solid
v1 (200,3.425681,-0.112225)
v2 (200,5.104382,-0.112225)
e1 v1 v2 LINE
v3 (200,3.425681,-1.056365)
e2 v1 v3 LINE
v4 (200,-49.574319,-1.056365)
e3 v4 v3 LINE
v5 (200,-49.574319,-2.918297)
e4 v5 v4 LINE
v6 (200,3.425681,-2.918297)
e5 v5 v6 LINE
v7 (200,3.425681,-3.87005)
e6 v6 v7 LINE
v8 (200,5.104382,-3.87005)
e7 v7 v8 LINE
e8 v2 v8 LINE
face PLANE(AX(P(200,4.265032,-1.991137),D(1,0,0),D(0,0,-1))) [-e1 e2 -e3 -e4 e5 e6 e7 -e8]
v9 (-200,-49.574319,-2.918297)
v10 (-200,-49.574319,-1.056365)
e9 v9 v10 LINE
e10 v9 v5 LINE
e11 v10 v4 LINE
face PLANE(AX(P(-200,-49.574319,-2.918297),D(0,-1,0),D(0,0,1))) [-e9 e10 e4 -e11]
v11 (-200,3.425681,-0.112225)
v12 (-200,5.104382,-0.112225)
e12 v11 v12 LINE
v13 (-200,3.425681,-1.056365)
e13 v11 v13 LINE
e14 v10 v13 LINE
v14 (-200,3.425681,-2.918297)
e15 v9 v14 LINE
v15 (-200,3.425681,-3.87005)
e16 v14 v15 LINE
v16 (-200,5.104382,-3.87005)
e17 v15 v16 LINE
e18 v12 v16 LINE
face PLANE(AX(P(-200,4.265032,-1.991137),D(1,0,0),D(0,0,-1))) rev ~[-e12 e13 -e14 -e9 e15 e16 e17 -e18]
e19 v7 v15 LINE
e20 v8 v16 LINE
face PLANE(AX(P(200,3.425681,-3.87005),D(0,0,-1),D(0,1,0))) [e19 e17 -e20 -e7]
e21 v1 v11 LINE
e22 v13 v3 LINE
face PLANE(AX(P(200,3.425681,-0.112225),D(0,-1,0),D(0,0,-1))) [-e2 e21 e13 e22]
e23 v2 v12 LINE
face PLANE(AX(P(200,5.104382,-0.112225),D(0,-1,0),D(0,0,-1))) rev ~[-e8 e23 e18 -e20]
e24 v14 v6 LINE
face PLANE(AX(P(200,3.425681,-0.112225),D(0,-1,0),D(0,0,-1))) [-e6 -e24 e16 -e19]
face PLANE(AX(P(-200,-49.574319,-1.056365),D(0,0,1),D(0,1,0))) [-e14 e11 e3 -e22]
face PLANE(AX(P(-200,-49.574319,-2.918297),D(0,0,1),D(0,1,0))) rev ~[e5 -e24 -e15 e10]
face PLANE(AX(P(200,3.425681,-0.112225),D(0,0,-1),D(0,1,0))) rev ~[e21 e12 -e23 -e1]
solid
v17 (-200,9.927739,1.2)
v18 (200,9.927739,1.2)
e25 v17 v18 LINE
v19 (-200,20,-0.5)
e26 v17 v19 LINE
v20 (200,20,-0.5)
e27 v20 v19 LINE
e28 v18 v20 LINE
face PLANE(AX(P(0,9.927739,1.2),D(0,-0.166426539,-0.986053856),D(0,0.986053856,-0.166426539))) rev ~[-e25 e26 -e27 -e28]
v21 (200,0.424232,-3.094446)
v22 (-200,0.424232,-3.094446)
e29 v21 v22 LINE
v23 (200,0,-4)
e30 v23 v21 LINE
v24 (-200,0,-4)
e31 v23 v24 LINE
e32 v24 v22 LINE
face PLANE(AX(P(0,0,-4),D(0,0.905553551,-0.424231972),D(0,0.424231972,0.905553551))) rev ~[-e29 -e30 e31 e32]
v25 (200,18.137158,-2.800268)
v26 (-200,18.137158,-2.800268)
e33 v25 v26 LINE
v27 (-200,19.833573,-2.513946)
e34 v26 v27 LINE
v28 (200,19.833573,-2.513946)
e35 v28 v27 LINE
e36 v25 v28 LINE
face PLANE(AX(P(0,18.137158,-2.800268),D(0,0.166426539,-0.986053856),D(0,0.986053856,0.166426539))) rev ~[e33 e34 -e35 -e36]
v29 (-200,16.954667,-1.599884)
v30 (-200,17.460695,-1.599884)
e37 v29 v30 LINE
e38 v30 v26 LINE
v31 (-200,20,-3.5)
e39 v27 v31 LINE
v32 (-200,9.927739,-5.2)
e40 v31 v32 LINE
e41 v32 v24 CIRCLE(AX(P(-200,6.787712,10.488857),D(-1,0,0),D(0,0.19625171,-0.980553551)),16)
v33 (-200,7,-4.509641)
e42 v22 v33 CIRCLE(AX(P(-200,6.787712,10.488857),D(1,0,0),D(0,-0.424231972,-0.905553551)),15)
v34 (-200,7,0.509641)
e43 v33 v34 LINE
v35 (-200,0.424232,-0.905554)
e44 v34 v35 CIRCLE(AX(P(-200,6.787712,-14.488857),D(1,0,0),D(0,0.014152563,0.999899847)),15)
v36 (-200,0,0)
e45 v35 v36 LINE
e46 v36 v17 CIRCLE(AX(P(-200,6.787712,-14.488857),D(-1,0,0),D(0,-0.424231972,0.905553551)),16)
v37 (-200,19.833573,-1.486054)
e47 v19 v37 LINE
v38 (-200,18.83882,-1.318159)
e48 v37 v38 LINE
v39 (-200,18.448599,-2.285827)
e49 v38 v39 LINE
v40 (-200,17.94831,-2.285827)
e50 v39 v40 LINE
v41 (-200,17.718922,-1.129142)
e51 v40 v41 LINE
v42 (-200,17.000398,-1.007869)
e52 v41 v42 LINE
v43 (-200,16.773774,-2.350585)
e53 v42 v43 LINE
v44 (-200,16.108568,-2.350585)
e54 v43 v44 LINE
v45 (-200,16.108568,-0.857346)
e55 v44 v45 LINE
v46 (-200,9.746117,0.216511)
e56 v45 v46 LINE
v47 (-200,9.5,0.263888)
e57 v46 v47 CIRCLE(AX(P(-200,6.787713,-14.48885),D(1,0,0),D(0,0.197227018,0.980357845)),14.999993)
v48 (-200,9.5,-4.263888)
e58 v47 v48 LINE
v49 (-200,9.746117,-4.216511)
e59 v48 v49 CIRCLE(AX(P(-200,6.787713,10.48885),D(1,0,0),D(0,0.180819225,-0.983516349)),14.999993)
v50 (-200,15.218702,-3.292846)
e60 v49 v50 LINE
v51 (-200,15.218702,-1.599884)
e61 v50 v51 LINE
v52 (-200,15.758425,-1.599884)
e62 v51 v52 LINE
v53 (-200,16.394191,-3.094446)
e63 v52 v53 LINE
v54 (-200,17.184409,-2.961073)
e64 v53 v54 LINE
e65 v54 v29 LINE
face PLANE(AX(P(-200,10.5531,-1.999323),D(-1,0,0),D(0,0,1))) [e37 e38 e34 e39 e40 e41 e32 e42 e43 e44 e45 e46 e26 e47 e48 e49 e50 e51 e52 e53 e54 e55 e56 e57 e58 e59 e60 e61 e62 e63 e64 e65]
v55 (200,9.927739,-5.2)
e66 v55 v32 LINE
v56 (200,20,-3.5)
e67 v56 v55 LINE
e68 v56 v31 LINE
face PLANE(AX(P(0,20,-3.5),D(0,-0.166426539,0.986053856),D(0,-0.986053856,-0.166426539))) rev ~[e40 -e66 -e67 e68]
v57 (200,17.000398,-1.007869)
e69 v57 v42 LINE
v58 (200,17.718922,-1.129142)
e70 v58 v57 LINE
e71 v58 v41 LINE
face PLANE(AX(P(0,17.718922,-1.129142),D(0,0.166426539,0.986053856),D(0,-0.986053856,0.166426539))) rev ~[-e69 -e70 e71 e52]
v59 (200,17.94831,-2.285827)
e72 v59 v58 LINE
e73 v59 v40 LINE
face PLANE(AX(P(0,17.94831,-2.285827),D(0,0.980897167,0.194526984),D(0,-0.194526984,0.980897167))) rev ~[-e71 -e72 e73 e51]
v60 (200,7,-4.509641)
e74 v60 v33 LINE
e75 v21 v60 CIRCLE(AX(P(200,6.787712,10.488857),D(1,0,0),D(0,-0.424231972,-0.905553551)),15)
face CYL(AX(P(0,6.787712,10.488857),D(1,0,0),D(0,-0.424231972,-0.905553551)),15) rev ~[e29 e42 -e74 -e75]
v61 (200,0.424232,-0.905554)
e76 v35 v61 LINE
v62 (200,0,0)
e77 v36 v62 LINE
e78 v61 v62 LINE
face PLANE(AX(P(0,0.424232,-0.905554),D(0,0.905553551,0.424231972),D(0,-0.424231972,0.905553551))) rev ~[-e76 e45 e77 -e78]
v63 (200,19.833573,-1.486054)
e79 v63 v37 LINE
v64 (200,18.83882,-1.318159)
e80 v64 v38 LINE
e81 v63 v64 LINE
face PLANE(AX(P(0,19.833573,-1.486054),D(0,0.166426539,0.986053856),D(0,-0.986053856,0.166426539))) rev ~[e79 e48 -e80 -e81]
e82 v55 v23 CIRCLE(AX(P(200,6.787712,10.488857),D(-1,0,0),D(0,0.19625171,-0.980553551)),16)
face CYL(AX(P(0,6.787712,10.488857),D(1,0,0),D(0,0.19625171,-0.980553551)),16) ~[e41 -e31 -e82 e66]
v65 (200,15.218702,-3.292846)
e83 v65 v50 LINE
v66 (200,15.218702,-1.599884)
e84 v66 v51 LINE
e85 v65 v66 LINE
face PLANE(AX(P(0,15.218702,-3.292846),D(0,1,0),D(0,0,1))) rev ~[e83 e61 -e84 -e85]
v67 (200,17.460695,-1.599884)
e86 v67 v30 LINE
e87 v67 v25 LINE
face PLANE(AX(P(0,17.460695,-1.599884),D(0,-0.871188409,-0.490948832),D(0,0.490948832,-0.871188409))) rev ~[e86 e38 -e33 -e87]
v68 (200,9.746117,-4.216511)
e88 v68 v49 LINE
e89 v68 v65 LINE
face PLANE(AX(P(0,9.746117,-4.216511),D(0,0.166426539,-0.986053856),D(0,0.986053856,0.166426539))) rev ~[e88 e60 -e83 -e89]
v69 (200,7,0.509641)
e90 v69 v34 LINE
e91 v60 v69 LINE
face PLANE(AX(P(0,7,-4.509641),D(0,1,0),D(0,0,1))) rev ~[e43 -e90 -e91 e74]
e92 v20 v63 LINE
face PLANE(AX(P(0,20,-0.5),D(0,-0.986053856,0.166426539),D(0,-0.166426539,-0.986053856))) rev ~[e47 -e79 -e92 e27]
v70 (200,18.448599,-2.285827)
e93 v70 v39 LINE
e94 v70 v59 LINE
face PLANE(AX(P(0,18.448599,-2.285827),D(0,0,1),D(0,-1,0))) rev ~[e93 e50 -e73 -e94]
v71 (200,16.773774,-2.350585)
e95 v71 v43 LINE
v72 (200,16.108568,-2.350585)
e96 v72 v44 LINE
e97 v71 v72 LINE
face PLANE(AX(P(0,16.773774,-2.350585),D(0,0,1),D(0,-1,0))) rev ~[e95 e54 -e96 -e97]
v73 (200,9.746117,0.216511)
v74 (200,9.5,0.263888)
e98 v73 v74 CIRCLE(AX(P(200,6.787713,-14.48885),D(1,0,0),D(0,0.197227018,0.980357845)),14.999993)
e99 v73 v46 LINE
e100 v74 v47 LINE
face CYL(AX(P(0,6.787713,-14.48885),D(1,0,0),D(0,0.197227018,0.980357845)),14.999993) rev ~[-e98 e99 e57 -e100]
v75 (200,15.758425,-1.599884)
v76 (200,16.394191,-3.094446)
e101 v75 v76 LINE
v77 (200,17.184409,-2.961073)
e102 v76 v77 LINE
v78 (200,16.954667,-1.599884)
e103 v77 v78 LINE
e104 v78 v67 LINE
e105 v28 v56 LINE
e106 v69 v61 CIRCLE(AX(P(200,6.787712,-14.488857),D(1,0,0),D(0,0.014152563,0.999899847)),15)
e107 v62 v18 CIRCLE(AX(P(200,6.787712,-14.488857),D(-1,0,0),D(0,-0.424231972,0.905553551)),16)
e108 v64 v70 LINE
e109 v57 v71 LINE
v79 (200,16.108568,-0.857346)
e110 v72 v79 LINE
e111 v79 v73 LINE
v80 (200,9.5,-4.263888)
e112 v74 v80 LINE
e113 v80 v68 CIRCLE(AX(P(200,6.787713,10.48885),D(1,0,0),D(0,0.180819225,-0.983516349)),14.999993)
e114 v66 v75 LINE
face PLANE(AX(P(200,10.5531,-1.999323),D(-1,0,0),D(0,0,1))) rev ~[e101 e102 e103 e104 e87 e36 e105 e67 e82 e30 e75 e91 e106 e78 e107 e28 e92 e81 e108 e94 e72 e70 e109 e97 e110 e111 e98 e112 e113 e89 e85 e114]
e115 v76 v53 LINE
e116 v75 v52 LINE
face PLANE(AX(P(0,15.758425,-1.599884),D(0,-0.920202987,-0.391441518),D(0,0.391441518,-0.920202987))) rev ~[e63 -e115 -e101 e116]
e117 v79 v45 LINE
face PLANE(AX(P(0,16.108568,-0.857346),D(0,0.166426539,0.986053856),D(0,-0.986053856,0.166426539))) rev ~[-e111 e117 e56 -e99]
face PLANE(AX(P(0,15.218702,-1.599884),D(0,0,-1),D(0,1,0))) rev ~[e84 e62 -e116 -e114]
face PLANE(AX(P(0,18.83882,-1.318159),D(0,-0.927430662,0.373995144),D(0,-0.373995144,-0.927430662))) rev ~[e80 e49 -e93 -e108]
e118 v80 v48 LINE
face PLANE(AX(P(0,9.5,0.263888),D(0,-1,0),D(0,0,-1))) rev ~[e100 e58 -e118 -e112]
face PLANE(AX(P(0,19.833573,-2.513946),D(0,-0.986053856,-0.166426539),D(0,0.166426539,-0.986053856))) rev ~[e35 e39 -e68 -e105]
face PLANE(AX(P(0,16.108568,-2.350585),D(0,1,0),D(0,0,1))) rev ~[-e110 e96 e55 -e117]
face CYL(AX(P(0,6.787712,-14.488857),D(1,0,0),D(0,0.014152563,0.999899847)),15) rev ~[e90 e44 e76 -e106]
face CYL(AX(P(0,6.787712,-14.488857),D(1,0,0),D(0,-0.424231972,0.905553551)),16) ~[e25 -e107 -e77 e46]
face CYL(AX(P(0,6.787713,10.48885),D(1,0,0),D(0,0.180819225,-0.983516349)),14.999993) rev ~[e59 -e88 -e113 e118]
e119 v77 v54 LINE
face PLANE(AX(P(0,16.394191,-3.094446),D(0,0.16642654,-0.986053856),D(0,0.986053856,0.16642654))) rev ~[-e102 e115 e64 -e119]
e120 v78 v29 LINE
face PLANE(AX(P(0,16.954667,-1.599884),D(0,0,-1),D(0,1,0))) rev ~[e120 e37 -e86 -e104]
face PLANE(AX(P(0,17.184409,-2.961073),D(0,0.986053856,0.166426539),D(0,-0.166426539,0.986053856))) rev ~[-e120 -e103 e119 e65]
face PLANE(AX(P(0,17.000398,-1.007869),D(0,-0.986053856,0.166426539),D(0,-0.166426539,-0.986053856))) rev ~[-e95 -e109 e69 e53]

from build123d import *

# Parameters (mm, degrees)
EXTRUDE_2_DEPTH = 200
SKETCH_2_W      = 3.757825485
SKETCH_2_H      = 1.678700728
EXTRUDE_3_DEPTH = 400
SKETCH_3_W      = 1.861931739
SKETCH_3_H      = 53
EXTRUDE_4_DEPTH = 400


with BuildPart() as part:
    # Эскиз1 → Бобышка-Вытянуть2 (new, symmetric)
    with BuildSketch(Plane(origin=(0, 0, 0), x_dir=(0, 0, -1), z_dir=(1, 0, 0))):
        with BuildLine():
            Line((-1.2, 9.927738917), (0.5, 20))
            Line((0.5, 20), (1.486053856, 19.833573461))
            Line((1.486053856, 19.833573461), (1.318158995, 18.838820003))
            Line((1.318158995, 18.838820003), (2.285826961, 18.448598787))
            Line((2.285826961, 18.448598787), (2.285826961, 17.948310487))
            Line((2.285826961, 17.948310487), (1.129142211, 17.718922123))
            Line((1.129142211, 17.718922123), (1.007869448, 17.000398045))
            Line((1.007869448, 17.000398045), (2.350585212, 16.773773975))
            Line((2.350585212, 16.773773975), (2.350585212, 16.108568155))
            Line((2.350585212, 16.108568155), (0.857346065, 16.108568155))
            Line((0.857346065, 16.108568155), (-0.216510865, 9.746116765))
            ThreePointArc((-0.216510865, 9.746116765), (-0.240713688, 9.623157339), (-0.2638884, 9.5))
            Line((-0.2638884, 9.5), (4.2638884, 9.5))
            ThreePointArc((4.2638884, 9.5), (4.240713688, 9.623157339), (4.216510865, 9.746116765))
            Line((4.216510865, 9.746116765), (3.292845859, 15.218702118))
            Line((3.292845859, 15.218702118), (1.599884262, 15.218702118))
            Line((1.599884262, 15.218702118), (1.599884262, 15.758424824))
            Line((1.599884262, 15.758424824), (3.094446449, 16.394190736))
            Line((3.094446449, 16.394190736), (2.961073194, 17.184408525))
            Line((2.961073194, 17.184408525), (1.599884262, 16.954666547))
            Line((1.599884262, 16.954666547), (1.599884262, 17.460695313))
            Line((1.599884262, 17.460695313), (2.800267704, 18.137158455))
            Line((2.800267704, 18.137158455), (2.513946144, 19.833573461))
            Line((2.513946144, 19.833573461), (3.5, 20))
            Line((3.5, 20), (5.2, 9.927738917))
            ThreePointArc((5.2, 9.927738917), (5.395525451, 4.867711557), (4, 0))
            Line((4, 0), (3.094446449, 0.424231972))
            ThreePointArc((3.094446449, 0.424231972), (4.175386024, 3.63176765), (4.509640896, 7))
            Line((4.509640896, 7), (-0.509640896, 7))
            ThreePointArc((-0.509640896, 7), (-0.175386024, 3.63176765), (0.905553551, 0.424231972))
            Line((0.905553551, 0.424231972), (0, 0))
            ThreePointArc((0, 0), (-1.395525451, 4.867711557), (-1.2, 9.927738917))
        make_face()
    extrude(amount=EXTRUDE_2_DEPTH, both=True)


with BuildPart() as body_2:
    # Эскиз2 → Бобышка-Вытянуть3 (new body)
    with BuildSketch(Plane(origin=(200, 0, 0), x_dir=(0, 0, -1), z_dir=(1, 0, 0))):
        with Locations((1.991137299, 4.265031581)):
            Rectangle(SKETCH_2_W, SKETCH_2_H)
    extrude(amount=-EXTRUDE_3_DEPTH)

    # Эскиз3 → Бобышка-Вытянуть4 (add)
    with BuildSketch(Plane.ZY.offset(200)):
        with Locations((-1.987331142, -23.074318783)):
            Rectangle(SKETCH_3_W, SKETCH_3_H)
    extrude(amount=-EXTRUDE_4_DEPTH)


solid = Compound([part.part, body_2.part])
